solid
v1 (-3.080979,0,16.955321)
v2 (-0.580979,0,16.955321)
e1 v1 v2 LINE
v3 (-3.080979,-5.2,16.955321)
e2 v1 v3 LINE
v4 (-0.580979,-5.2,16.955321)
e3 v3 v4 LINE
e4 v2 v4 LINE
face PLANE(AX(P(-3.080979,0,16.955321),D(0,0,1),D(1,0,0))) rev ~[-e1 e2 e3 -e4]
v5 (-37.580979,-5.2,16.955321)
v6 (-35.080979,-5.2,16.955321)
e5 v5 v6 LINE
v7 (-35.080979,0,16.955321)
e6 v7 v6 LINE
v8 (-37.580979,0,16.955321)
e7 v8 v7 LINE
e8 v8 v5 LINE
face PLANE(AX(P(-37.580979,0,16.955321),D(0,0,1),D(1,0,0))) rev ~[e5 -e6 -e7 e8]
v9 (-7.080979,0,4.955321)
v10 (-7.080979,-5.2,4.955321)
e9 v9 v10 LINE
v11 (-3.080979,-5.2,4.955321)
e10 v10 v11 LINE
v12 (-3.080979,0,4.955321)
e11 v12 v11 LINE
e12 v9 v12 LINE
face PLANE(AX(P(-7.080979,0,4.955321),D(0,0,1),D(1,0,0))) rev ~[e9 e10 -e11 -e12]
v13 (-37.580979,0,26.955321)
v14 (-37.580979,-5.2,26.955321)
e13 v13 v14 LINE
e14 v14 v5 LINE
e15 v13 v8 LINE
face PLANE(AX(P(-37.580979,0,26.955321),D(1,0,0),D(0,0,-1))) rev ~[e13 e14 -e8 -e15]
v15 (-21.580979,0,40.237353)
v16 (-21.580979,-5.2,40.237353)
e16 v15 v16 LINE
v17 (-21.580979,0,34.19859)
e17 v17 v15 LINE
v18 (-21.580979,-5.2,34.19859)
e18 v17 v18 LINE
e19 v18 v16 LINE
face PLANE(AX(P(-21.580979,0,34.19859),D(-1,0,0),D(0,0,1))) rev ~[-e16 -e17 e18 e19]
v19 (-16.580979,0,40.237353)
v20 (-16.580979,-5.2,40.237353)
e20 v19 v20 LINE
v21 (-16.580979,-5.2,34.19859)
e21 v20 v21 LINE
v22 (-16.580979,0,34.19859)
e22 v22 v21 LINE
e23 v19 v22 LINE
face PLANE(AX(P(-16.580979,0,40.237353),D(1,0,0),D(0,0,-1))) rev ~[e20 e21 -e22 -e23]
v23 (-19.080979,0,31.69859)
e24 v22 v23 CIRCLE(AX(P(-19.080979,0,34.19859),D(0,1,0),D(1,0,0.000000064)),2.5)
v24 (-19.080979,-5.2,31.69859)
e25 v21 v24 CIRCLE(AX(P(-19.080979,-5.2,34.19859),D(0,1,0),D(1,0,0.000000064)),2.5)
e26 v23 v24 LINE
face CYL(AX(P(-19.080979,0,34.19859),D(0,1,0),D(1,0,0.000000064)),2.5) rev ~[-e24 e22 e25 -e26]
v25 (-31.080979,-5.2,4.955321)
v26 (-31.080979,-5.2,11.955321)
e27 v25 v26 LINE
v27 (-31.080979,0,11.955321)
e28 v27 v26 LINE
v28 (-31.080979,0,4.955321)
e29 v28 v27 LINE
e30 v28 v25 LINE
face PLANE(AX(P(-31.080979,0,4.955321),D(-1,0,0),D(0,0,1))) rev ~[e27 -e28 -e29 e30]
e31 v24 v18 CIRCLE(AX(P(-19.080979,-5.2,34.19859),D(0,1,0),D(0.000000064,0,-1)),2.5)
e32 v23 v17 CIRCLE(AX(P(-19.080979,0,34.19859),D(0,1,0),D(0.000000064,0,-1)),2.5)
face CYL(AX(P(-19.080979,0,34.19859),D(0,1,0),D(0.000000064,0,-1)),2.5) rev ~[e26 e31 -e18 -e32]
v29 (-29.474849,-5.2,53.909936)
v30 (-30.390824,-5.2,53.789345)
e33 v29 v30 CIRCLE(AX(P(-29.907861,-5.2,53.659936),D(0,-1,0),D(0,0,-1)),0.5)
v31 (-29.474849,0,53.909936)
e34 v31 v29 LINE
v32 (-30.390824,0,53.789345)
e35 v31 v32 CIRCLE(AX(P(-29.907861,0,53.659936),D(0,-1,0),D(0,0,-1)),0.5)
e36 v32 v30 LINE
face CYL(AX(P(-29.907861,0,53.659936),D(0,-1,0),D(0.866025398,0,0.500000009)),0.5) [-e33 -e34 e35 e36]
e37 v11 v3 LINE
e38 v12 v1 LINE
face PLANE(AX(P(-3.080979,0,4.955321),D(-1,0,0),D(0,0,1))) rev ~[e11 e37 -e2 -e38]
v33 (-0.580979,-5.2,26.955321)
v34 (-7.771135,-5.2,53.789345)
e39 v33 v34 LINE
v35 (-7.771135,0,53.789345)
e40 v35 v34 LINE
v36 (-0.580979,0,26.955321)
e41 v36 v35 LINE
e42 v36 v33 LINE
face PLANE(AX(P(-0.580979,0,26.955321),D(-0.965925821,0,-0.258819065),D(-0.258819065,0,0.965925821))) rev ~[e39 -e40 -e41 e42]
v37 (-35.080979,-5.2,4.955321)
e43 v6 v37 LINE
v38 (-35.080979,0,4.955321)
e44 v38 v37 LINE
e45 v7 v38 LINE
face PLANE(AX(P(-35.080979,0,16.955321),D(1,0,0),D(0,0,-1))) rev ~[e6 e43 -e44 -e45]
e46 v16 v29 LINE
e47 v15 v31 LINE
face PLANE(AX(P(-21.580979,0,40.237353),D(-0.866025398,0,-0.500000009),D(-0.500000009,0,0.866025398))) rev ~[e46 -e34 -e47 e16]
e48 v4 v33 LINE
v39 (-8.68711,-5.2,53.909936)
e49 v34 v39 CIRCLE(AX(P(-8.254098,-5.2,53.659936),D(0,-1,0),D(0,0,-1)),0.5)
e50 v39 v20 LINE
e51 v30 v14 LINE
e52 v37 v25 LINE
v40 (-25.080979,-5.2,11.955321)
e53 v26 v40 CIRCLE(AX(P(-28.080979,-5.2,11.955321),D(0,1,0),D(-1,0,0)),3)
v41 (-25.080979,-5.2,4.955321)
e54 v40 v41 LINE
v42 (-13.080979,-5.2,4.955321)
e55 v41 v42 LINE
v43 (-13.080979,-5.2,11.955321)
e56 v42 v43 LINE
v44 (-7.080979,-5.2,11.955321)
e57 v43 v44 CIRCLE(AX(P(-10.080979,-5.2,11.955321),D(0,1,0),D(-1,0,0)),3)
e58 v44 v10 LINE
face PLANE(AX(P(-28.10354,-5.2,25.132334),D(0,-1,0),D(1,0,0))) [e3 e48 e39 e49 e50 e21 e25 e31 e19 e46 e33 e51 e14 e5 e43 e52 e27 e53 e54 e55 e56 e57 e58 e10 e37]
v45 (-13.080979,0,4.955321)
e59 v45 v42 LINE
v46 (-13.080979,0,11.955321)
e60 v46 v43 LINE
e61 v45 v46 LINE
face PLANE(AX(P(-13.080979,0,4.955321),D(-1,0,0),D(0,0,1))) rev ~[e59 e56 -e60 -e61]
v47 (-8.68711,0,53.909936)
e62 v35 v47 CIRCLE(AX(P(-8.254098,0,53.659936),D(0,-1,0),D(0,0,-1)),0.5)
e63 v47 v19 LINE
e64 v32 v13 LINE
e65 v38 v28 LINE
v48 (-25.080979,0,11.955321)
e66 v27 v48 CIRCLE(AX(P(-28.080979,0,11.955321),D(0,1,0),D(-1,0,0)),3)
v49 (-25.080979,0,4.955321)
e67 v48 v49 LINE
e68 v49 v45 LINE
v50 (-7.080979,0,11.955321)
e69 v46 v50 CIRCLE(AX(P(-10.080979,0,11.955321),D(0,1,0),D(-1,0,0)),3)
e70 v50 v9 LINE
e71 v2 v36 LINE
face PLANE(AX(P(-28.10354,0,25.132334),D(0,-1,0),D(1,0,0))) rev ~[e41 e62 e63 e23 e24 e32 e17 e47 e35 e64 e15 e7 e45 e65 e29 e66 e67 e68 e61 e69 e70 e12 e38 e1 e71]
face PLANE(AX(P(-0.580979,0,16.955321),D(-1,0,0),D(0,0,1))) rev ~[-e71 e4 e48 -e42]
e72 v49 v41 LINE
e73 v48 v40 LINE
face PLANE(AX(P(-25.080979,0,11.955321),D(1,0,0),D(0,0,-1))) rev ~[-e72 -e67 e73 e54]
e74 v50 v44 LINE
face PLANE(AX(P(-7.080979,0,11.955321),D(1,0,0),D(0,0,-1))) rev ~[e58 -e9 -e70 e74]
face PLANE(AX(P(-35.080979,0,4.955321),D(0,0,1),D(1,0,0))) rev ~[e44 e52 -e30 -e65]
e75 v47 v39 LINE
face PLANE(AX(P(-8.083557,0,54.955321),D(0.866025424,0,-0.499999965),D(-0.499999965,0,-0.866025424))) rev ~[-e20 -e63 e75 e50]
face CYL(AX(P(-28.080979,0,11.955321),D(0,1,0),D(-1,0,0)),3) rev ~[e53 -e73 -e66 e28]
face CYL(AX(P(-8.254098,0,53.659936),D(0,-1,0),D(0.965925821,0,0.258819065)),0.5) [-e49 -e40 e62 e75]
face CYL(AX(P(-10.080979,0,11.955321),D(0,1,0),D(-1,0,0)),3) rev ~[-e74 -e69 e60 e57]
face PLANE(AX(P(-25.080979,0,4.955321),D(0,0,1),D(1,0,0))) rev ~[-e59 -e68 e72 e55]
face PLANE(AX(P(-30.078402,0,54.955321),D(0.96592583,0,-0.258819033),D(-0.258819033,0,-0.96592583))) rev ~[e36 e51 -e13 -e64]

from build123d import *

# Parameters (mm, degrees)
F1_DEPTH = 5.2
F2_R     = 0.5


with BuildPart() as f1:
    # F0 (on Front) → F1 (new body)
    with BuildSketch(Plane.XZ):
        with BuildLine():
            Line((-35.080979, 16.955321), (-35.080979, 4.955321))
            Line((-35.080979, 4.955321), (-31.080979, 4.955321))
            Line((-31.080979, 4.955321), (-31.080979, 11.955321))
            ThreePointArc((-31.080979, 11.955321), (-28.080979, 14.955321), (-25.080979, 11.955321))
            Line((-25.080979, 11.955321), (-25.080979, 4.955321))
            Line((-25.080979, 4.955321), (-19.080979, 4.955321))
            Line((-19.080979, 4.955321), (-19.080979, 31.69859))
            ThreePointArc((-19.080979, 31.69859), (-20.848746, 32.430823), (-21.580979, 34.19859))
            Line((-21.580979, 34.19859), (-21.580979, 40.237353))
            Line((-21.580979, 40.237353), (-30.078402, 54.955321))
            Line((-30.078402, 54.955321), (-37.580979, 26.955321))
            Line((-37.580979, 26.955321), (-37.580979, 16.955321))
            Line((-37.580979, 16.955321), (-35.080979, 16.955321))
        make_face()
        with BuildLine():
            Line((-19.080979, 31.69859), (-19.080979, 4.955321))
            Line((-19.080979, 4.955321), (-13.080979, 4.955321))
            Line((-13.080979, 4.955321), (-13.080979, 11.955321))
            ThreePointArc((-13.080979, 11.955321), (-10.080979, 14.955321), (-7.080979, 11.955321))
            Line((-7.080979, 11.955321), (-7.080979, 4.955321))
            Line((-7.080979, 4.955321), (-3.080979, 4.955321))
            Line((-3.080979, 4.955321), (-3.080979, 16.955321))
            Line((-3.080979, 16.955321), (-0.580979, 16.955321))
            Line((-0.580979, 16.955321), (-0.580979, 26.955321))
            Line((-0.580979, 26.955321), (-8.083557, 54.955321))
            Line((-8.083557, 54.955321), (-16.580979, 40.237353))
            Line((-16.580979, 40.237353), (-16.580979, 34.19859))
            ThreePointArc((-16.580979, 34.19859), (-17.313212, 32.430823), (-19.080979, 31.69859))
        make_face()
    extrude(amount=F1_DEPTH)

    # F2
    f2_edges = [f1.edges().sort_by_distance(p)[0] for p in [
        (-30.078402, -2.6, 54.955321),
        (-8.083557, -2.6, 54.955321),
    ]]
    fillet(f2_edges, radius=F2_R)


solid = f1.part
